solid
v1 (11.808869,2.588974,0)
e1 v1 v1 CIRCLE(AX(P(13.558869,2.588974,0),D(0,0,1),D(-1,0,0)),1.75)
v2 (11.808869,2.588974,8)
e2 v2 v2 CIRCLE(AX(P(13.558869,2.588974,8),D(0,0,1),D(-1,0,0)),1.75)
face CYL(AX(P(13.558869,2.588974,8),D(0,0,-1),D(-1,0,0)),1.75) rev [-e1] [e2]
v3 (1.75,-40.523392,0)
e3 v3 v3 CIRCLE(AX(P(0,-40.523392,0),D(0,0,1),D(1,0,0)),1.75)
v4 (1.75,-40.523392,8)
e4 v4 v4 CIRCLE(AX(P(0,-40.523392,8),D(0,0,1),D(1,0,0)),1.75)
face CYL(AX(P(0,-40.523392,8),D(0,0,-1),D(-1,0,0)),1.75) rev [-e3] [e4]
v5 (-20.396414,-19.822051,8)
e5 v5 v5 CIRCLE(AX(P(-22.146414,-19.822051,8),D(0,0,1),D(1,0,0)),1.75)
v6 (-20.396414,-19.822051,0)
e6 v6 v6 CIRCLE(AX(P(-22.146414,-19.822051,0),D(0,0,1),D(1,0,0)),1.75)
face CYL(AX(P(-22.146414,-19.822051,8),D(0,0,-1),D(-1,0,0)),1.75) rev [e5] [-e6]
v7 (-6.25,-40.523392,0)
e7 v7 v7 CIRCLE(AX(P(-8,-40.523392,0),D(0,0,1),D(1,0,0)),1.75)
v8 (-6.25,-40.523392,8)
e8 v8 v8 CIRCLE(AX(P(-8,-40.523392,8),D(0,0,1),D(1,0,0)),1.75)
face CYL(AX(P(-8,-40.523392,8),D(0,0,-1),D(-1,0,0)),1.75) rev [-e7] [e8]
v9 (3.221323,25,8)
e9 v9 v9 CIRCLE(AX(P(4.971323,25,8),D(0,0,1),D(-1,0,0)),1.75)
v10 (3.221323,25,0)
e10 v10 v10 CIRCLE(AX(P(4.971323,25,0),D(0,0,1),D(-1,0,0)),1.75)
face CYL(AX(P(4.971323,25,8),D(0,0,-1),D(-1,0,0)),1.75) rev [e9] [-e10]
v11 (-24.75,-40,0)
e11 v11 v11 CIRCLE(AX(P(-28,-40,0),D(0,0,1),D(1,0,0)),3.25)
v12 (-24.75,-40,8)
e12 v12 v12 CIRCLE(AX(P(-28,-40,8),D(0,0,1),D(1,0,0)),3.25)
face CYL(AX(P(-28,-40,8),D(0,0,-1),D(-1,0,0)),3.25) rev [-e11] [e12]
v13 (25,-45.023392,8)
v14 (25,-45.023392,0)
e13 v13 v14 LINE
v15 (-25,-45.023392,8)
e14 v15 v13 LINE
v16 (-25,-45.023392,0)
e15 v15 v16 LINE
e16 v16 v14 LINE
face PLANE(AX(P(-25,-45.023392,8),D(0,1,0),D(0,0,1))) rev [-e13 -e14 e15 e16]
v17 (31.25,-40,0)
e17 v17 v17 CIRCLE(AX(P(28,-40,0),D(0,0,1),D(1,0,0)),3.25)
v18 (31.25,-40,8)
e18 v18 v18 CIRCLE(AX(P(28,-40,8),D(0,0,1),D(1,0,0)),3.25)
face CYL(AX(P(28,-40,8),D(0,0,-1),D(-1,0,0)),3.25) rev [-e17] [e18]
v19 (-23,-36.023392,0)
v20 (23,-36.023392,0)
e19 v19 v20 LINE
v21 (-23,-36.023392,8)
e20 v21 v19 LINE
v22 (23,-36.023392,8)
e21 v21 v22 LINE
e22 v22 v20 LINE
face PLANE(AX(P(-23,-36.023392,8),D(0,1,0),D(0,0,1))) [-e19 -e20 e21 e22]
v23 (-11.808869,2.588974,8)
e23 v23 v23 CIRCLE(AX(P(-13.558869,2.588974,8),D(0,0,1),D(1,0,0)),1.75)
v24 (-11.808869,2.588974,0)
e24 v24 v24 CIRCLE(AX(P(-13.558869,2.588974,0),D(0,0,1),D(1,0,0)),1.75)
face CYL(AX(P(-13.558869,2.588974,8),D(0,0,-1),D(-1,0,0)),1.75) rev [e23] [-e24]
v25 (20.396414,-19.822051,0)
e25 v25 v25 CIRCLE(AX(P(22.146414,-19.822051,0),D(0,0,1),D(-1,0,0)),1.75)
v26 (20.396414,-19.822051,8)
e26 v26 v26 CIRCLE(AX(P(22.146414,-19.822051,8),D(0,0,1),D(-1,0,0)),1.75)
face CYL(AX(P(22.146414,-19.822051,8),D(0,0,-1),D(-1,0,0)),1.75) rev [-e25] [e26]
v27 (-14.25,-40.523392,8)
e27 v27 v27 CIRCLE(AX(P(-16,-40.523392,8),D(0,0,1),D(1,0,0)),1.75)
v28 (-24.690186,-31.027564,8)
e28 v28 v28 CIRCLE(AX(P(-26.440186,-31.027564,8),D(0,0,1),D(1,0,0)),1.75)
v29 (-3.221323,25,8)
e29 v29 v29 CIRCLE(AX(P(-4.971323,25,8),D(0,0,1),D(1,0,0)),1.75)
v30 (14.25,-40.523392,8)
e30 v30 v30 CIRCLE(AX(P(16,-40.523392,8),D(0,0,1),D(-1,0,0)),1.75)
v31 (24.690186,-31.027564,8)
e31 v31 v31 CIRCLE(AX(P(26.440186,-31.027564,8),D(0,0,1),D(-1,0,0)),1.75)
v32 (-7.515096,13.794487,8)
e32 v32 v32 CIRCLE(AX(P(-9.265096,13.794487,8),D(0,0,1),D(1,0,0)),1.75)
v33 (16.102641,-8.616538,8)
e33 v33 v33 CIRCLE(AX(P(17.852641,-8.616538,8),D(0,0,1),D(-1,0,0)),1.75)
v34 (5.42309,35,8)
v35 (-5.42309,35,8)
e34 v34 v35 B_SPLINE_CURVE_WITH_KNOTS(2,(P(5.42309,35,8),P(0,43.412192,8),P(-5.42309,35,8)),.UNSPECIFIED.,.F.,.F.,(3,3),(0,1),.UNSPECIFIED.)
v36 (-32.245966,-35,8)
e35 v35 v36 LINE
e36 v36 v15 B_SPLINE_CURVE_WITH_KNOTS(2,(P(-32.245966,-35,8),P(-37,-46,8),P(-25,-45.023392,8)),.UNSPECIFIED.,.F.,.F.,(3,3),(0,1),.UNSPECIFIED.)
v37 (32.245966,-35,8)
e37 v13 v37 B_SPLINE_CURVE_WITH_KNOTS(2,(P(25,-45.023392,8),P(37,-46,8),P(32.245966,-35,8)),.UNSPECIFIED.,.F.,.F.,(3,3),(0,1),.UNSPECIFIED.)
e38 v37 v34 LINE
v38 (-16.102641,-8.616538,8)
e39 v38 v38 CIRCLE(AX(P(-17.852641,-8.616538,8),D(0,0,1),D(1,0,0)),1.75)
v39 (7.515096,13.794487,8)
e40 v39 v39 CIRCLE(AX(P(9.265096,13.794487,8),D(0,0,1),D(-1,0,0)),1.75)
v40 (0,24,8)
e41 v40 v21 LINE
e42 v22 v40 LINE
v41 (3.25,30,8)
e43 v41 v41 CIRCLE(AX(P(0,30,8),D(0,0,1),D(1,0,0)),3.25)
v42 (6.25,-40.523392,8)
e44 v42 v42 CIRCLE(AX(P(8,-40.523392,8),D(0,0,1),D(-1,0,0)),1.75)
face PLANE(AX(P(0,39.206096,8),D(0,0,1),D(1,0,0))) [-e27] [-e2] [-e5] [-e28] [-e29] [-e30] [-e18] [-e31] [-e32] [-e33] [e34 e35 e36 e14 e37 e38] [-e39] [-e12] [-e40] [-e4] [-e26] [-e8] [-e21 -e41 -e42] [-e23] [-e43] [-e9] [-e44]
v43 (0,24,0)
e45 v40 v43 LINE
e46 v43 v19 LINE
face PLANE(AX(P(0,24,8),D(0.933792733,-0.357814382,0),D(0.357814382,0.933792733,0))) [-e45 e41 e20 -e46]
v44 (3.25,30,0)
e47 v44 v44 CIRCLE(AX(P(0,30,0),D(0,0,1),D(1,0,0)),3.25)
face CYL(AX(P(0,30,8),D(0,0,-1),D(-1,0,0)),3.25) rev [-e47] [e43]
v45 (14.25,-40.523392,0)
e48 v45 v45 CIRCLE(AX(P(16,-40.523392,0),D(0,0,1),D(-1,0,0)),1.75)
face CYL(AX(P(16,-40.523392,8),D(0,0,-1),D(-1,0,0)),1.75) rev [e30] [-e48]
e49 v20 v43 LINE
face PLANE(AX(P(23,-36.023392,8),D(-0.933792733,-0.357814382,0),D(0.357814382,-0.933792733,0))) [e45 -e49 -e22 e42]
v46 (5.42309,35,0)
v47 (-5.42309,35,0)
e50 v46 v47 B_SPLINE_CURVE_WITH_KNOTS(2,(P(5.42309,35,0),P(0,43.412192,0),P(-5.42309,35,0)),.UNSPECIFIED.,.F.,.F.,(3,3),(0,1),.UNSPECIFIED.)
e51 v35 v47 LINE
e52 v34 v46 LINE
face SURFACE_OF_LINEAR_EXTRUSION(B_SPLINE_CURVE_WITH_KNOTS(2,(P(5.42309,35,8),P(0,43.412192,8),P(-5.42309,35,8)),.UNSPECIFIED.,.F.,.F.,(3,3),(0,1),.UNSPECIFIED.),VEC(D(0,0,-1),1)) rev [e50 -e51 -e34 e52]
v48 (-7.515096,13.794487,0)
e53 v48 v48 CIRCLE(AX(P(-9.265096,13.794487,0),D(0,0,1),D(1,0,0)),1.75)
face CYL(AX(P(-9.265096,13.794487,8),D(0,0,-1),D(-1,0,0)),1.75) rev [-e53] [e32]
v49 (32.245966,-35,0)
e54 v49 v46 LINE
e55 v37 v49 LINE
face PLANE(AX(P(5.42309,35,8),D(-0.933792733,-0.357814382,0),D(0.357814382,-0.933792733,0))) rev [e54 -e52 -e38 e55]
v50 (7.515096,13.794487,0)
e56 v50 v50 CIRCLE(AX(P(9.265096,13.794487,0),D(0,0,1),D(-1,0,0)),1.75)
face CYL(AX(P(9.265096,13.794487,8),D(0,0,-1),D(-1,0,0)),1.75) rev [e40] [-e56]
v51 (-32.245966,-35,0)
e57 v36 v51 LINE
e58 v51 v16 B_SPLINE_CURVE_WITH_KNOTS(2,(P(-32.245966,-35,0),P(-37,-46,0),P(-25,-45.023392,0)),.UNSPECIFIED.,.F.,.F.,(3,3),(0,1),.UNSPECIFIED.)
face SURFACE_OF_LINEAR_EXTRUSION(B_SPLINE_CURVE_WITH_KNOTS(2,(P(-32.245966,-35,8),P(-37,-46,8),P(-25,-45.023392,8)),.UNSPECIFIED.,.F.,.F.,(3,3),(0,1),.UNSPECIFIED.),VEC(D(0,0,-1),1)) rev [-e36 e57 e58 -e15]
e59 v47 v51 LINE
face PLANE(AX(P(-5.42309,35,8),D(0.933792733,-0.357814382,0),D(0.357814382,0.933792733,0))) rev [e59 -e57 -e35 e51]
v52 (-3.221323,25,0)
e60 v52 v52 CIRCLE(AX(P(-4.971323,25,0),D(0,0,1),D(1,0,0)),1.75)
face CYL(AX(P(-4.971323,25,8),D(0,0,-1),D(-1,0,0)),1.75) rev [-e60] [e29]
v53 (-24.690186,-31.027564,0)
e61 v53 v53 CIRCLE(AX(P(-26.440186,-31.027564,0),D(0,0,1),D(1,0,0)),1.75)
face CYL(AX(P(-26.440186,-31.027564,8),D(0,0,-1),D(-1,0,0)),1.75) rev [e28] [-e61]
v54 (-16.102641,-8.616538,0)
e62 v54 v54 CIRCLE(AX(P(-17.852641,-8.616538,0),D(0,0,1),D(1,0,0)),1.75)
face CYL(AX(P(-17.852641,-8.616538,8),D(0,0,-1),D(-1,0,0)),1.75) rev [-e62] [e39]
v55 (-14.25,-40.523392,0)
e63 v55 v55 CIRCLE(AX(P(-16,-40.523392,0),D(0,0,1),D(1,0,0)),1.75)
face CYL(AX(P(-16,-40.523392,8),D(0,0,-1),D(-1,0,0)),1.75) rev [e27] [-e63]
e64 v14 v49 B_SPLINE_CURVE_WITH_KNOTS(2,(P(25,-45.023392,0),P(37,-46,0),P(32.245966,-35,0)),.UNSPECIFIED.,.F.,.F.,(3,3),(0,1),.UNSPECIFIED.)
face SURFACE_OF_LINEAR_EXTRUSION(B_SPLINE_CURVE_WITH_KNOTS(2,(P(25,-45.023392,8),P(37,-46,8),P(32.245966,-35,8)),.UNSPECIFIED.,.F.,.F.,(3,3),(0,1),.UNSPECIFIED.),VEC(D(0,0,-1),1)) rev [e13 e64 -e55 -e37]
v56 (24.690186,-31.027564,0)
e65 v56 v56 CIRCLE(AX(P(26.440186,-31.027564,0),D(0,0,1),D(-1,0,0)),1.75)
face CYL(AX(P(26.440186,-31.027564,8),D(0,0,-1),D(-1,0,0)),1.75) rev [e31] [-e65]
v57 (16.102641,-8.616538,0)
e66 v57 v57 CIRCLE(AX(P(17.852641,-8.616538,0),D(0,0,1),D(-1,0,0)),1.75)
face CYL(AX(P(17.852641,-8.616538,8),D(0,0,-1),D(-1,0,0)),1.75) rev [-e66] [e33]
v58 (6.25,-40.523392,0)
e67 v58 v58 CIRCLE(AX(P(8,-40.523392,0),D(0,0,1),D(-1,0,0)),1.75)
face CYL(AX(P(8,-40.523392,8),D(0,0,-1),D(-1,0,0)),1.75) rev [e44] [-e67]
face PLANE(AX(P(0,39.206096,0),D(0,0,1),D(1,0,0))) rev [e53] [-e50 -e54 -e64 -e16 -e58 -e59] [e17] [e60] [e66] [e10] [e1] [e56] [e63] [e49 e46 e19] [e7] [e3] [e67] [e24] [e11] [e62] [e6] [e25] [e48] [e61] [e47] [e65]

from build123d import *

# Parameters (mm, degrees)
SKETCH_1_R      = 3.25
SKETCH_1_R_2    = 1.75
EXTRUDE_1_DEPTH = 8


with BuildPart() as part:
    # 草圖1 → 填料-伸長1 (new body)
    with BuildSketch(Plane.XY):
        with BuildLine():
            Line((-5.423089748, 35), (-32.24596582, -35))
            add(Edge.make_bspline(
                [(-32.24596582, -35), (-37, -46), (-25, -45.023391813)],
                knots=[0, 0, 0, 1, 1, 1], degree=2))
            Line((-25, -45.023391813), (25, -45.023391813))
            add(Edge.make_bspline(
                [(32.24596582, -35), (37, -46), (25, -45.023391813)],
                knots=[0, 0, 0, 1, 1, 1], degree=2))
            Line((32.24596582, -35), (5.423089748, 35))
            add(Edge.make_bspline(
                [(-5.423089748, 35), (0, 43.412192281), (5.423089748, 35)],
                knots=[0, 0, 0, 1, 1, 1], degree=2))
        make_face()
        with Locations((0, 30)):
            Circle(SKETCH_1_R, mode=Mode.SUBTRACT)
        with Locations((-28, -40)):
            Circle(SKETCH_1_R, mode=Mode.SUBTRACT)
        with Locations((28, -40)):
            Circle(SKETCH_1_R, mode=Mode.SUBTRACT)
        with Locations((-4.971323351, 25)):
            Circle(SKETCH_1_R_2, mode=Mode.SUBTRACT)
        with Locations((-9.265095937, 13.794487206)):
            Circle(SKETCH_1_R_2, mode=Mode.SUBTRACT)
        with Locations((-13.558868522, 2.588974411)):
            Circle(SKETCH_1_R_2, mode=Mode.SUBTRACT)
        with Locations((-17.852641108, -8.616538383)):
            Circle(SKETCH_1_R_2, mode=Mode.SUBTRACT)
        with Locations((-22.146413694, -19.822051177)):
            Circle(SKETCH_1_R_2, mode=Mode.SUBTRACT)
        with Locations((-26.44018628, -31.027563971)):
            Circle(SKETCH_1_R_2, mode=Mode.SUBTRACT)
        with Locations((-16, -40.523391813)):
            Circle(SKETCH_1_R_2, mode=Mode.SUBTRACT)
        with Locations((-8, -40.523391813)):
            Circle(SKETCH_1_R_2, mode=Mode.SUBTRACT)
        with Locations((0, -40.523391813)):
            Circle(SKETCH_1_R_2, mode=Mode.SUBTRACT)
        with Locations(Location((8, -40.523391813, 0), (0, 0, 180))):
            Circle(SKETCH_1_R_2, mode=Mode.SUBTRACT)
        with Locations(Location((16, -40.523391813, 0), (0, 0, 180))):
            Circle(SKETCH_1_R_2, mode=Mode.SUBTRACT)
        with Locations(Location((26.44018628, -31.027563971, 0), (0, 0, 180))):
            Circle(SKETCH_1_R_2, mode=Mode.SUBTRACT)
        with Locations(Location((22.146413694, -19.822051177, 0), (0, 0, 180))):
            Circle(SKETCH_1_R_2, mode=Mode.SUBTRACT)
        with Locations(Location((17.852641108, -8.616538383, 0), (0, 0, 180))):
            Circle(SKETCH_1_R_2, mode=Mode.SUBTRACT)
        with Locations(Location((13.558868522, 2.588974411, 0), (0, 0, 180))):
            Circle(SKETCH_1_R_2, mode=Mode.SUBTRACT)
        with Locations(Location((9.265095937, 13.794487206, 0), (0, 0, 180))):
            Circle(SKETCH_1_R_2, mode=Mode.SUBTRACT)
        with Locations(Location((4.971323351, 25, 0), (0, 0, 180))):
            Circle(SKETCH_1_R_2, mode=Mode.SUBTRACT)
        Polygon((0, 24), (-23, -36.023391813), (23, -36.023391813), align=None, mode=Mode.SUBTRACT)
    extrude(amount=EXTRUDE_1_DEPTH)


solid = part.part
